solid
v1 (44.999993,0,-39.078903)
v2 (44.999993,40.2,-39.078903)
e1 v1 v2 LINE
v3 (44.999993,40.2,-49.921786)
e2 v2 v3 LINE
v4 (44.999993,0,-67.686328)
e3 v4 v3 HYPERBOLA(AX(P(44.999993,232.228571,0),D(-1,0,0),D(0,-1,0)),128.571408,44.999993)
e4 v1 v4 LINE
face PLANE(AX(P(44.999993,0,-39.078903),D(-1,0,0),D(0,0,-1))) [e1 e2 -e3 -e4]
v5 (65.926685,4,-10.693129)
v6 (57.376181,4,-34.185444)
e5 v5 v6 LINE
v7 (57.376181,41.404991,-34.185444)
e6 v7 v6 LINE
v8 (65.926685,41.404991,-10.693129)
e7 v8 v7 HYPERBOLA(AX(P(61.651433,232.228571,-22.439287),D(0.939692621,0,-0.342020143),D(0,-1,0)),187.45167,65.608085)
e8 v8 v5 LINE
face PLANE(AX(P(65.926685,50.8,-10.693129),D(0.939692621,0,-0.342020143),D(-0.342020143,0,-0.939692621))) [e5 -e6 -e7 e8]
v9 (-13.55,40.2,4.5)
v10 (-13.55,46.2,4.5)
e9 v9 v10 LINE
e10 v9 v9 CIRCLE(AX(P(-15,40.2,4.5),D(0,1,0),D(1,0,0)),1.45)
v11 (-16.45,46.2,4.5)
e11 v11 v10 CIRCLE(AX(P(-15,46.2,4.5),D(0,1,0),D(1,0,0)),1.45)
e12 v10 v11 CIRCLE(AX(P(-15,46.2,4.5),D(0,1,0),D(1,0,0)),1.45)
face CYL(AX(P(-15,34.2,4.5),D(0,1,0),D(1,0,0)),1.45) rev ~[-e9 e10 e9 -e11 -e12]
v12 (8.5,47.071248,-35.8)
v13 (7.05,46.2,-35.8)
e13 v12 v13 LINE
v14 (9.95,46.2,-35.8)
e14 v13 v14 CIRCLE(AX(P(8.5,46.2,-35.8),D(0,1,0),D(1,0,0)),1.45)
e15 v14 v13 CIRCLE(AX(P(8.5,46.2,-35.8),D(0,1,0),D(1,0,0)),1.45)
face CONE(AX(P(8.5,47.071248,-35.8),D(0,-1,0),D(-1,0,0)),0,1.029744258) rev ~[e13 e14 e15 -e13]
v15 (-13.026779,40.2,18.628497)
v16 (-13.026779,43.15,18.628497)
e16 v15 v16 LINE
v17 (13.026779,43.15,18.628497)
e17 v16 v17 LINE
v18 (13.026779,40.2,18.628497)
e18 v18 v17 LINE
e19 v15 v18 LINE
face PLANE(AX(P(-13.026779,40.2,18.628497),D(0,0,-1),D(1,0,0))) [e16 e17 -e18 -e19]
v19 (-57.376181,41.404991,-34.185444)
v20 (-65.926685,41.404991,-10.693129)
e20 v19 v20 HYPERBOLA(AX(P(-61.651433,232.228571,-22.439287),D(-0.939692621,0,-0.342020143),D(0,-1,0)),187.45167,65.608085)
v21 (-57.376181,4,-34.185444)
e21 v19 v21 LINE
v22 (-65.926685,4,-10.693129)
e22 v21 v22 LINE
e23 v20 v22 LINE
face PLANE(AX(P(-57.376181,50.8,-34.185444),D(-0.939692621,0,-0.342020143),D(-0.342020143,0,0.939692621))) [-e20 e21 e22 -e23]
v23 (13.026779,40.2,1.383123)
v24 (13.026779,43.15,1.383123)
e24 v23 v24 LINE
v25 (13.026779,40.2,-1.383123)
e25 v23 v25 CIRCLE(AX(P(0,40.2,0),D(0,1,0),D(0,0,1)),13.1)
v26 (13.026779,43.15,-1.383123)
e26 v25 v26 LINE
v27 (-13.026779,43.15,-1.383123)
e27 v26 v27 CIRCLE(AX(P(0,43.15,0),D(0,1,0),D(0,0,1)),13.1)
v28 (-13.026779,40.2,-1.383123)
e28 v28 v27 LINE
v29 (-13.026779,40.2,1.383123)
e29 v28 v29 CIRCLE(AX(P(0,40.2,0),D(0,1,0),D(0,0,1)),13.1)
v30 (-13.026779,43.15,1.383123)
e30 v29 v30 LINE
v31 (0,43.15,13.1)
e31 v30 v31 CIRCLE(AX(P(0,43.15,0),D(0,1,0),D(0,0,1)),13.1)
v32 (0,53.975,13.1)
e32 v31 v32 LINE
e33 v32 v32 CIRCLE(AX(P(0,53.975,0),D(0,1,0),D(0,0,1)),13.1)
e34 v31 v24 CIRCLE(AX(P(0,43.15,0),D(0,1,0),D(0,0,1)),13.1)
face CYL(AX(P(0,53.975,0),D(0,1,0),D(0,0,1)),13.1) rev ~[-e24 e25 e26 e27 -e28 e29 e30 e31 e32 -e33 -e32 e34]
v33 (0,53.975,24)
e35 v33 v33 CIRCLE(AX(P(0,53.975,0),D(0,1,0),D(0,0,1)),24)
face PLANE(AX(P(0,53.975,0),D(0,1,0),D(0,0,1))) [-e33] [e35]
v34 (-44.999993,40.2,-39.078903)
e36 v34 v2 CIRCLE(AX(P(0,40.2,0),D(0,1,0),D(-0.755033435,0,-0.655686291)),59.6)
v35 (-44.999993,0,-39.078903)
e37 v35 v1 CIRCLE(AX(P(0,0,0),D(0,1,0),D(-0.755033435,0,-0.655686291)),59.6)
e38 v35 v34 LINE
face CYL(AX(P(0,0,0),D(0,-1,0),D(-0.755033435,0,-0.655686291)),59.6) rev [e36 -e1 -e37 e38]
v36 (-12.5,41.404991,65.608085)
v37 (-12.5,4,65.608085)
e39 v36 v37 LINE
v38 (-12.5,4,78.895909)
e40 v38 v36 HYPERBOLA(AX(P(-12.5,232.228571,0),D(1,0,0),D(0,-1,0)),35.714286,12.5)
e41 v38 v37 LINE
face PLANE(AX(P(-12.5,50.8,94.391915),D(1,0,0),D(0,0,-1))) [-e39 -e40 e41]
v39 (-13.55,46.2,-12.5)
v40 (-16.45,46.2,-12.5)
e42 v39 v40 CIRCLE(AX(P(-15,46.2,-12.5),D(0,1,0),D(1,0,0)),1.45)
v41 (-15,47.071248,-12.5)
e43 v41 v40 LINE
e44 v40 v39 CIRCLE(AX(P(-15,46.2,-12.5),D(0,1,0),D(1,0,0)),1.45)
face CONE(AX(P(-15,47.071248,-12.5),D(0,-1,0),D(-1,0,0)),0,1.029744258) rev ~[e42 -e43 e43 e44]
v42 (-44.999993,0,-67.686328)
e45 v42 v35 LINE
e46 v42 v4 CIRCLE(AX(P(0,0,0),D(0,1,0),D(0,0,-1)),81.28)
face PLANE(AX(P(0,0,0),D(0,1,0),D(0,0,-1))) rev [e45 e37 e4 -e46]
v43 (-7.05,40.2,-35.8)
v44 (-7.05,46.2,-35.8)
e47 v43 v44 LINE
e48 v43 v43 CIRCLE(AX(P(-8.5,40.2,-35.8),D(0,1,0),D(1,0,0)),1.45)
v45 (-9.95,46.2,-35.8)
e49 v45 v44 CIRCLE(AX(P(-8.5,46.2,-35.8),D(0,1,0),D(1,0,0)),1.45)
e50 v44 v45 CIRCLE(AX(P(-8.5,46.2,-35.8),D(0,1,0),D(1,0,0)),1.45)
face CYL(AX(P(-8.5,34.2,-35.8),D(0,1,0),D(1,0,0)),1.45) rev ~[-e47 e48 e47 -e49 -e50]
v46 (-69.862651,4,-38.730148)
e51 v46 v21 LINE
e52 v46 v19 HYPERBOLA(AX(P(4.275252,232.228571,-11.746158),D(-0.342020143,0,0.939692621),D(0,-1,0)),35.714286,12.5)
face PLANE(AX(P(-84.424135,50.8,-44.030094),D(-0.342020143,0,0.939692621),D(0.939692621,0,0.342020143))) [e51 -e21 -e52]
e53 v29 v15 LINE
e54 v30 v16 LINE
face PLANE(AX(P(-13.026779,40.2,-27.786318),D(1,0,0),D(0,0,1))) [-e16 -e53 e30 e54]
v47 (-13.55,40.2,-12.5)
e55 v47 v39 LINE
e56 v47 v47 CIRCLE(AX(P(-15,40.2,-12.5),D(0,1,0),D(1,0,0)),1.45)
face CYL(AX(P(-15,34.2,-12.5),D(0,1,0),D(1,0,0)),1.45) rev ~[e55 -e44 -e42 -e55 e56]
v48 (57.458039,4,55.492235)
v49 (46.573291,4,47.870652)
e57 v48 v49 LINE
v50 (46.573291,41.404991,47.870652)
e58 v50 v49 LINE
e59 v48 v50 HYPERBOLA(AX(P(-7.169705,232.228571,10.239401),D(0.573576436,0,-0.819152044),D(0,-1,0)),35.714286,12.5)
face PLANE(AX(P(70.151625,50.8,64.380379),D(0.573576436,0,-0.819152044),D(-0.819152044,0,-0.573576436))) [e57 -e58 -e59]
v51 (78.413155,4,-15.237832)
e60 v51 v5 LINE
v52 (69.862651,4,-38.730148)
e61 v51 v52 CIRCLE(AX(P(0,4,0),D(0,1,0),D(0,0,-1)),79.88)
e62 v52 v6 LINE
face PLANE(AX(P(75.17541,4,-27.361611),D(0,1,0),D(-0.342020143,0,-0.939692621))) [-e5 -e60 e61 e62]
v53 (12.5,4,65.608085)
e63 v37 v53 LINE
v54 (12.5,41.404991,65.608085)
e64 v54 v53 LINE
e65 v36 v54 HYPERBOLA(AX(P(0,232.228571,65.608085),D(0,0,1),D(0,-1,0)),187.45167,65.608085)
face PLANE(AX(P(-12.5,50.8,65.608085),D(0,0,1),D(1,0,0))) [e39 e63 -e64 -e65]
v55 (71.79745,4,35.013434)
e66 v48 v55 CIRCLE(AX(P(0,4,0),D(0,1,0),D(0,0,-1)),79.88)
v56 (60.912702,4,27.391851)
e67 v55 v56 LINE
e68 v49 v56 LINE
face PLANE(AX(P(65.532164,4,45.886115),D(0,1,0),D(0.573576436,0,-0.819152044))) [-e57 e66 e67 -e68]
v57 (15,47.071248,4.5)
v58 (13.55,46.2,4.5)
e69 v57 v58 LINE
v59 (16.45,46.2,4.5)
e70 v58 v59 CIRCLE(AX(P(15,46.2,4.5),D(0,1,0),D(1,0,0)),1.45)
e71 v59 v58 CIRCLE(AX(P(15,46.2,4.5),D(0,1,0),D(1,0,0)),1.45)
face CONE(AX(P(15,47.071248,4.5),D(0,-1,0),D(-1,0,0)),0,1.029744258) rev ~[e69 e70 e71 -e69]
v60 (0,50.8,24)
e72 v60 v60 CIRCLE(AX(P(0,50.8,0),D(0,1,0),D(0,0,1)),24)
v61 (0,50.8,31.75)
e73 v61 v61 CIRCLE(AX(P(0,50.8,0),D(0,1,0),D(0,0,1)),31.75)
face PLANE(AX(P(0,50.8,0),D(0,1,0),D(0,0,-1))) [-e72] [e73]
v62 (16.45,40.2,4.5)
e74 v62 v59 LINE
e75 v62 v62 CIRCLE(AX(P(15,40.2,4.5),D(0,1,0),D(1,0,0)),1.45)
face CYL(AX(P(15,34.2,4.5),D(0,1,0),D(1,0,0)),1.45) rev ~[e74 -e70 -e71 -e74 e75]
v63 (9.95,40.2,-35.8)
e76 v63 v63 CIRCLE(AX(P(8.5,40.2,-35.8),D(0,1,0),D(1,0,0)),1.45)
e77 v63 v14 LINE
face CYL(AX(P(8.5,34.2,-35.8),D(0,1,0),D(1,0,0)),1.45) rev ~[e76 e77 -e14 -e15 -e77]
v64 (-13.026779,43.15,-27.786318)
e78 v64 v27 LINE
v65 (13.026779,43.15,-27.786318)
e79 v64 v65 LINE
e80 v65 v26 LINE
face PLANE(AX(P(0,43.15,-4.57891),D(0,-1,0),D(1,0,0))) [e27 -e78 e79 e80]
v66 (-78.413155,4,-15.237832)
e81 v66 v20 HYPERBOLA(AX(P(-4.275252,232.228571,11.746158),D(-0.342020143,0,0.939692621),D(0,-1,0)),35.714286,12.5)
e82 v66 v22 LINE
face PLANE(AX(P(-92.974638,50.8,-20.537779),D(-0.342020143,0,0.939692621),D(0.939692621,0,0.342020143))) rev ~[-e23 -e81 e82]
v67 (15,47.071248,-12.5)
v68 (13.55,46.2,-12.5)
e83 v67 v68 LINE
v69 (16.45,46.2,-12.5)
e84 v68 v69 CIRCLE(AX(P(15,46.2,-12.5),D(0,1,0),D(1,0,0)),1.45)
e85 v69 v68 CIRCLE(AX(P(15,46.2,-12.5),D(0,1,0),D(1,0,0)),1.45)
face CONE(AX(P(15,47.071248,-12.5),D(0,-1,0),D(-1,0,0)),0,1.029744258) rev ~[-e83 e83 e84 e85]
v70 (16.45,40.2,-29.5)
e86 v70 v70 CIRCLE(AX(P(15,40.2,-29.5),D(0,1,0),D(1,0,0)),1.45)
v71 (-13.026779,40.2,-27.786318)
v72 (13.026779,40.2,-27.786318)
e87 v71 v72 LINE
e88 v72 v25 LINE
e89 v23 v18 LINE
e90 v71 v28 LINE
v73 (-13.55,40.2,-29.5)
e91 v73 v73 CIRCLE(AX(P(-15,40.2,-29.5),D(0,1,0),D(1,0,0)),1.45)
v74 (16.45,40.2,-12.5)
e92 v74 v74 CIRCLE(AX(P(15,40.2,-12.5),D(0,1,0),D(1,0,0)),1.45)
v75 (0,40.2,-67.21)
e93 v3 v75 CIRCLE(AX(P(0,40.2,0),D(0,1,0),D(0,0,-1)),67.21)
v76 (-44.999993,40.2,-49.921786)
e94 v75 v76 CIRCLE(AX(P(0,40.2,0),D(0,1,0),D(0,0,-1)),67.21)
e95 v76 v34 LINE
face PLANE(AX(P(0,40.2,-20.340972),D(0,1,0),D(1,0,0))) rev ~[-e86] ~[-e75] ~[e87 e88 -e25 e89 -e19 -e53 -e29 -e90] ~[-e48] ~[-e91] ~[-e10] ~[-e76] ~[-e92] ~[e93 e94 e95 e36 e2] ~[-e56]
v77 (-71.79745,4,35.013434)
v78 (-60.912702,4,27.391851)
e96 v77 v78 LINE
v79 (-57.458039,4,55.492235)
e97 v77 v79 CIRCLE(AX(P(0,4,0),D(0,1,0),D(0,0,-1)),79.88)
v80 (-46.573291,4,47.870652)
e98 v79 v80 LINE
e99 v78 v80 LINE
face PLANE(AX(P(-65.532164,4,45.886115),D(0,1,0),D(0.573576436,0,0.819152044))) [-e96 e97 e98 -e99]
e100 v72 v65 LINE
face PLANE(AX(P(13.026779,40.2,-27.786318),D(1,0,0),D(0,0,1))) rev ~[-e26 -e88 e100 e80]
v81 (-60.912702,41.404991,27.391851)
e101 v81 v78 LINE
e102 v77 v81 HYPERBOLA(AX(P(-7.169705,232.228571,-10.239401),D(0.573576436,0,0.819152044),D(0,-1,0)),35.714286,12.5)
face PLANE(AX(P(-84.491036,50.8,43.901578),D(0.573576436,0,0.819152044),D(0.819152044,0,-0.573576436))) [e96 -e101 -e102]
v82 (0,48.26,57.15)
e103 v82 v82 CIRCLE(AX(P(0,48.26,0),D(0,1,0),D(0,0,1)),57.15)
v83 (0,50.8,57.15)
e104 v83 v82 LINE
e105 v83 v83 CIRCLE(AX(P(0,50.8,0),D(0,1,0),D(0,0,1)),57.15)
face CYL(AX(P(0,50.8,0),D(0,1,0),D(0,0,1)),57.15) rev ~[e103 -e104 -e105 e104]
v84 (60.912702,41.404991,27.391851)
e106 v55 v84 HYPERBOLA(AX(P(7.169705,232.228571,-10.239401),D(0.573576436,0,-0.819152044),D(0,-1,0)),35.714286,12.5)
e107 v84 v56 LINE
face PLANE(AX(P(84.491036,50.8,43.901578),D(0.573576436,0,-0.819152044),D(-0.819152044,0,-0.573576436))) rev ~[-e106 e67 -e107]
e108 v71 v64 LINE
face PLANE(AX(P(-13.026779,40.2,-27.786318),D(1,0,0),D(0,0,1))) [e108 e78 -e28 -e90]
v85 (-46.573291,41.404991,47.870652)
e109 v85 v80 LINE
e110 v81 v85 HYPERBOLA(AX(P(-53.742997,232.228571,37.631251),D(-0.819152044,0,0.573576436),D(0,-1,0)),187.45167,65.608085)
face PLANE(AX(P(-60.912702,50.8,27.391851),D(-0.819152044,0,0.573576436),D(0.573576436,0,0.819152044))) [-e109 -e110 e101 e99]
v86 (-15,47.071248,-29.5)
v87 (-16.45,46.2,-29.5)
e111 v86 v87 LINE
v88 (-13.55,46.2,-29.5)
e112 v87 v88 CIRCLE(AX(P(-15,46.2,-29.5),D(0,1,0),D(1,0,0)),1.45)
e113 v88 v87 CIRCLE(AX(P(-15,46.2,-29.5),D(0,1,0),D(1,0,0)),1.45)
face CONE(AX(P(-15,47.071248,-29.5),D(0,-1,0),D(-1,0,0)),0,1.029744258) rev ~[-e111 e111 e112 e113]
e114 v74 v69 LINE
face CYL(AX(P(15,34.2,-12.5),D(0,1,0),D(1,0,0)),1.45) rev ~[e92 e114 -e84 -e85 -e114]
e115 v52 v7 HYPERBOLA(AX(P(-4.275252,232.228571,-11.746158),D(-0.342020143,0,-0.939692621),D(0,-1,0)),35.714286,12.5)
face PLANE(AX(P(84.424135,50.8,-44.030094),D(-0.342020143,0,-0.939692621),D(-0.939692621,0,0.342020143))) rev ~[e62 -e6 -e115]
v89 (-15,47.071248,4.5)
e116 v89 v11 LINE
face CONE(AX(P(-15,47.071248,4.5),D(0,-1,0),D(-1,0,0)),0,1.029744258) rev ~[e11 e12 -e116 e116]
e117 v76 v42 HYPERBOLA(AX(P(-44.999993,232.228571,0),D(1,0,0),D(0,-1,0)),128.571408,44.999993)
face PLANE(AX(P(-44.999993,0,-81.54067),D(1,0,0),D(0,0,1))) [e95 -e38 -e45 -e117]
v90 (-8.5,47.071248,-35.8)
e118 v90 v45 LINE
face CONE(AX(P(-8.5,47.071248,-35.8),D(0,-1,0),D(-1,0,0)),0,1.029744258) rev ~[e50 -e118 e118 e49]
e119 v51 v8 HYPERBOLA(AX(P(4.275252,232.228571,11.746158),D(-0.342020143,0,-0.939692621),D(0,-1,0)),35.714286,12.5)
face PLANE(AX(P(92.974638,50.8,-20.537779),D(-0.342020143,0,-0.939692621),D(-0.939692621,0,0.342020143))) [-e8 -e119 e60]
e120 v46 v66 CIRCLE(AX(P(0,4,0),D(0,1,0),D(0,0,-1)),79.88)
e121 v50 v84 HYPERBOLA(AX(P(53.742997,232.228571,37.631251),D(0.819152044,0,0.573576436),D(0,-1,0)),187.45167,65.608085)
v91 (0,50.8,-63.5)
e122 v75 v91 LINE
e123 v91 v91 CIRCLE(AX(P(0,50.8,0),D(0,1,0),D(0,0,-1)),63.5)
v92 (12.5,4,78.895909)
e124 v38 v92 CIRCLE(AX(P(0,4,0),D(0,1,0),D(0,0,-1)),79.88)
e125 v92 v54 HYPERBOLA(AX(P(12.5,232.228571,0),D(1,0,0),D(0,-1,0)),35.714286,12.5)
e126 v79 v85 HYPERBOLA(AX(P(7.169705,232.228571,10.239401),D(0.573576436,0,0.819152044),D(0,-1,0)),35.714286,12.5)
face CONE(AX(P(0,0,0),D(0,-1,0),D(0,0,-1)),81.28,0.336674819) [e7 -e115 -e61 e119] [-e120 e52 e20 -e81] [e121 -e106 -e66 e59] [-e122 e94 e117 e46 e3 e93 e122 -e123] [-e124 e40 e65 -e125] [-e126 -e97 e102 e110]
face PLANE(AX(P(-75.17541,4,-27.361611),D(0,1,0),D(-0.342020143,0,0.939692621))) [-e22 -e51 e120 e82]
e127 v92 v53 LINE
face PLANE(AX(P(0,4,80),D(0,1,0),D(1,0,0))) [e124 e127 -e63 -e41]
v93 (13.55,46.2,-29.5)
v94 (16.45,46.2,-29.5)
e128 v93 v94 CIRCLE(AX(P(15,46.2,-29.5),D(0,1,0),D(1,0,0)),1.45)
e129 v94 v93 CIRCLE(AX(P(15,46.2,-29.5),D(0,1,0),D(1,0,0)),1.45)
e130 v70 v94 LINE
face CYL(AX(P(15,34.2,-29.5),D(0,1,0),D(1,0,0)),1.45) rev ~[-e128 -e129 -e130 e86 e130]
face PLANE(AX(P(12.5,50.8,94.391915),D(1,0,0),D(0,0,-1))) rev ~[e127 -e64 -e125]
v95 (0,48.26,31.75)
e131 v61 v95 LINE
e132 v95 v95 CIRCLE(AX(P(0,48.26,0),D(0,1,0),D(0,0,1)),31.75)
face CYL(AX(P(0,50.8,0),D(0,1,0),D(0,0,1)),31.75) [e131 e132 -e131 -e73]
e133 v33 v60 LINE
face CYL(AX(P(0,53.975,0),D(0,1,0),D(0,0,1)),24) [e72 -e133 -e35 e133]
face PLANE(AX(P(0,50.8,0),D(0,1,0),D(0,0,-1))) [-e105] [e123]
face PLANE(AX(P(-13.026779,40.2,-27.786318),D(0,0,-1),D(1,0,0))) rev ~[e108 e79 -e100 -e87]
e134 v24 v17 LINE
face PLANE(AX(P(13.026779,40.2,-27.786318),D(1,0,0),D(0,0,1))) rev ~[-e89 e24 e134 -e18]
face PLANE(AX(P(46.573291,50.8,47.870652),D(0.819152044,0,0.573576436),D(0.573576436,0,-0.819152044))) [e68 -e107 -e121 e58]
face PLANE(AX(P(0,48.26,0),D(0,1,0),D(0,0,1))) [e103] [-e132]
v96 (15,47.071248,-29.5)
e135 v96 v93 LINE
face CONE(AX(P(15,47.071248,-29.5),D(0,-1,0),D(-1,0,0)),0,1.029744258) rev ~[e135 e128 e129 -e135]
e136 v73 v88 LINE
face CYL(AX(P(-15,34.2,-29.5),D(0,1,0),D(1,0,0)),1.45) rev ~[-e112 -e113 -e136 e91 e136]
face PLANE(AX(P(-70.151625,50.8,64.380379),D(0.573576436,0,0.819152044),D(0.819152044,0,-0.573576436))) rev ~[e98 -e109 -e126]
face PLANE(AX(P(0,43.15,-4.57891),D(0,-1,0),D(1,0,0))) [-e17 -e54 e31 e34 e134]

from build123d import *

# Parameters (mm, degrees)
CUT_EXTRUDE1_DEPTH         = 40.2
SKETCH5_R                  = 13.1
CUT_EXTRUDE2_DEPTH         = 10.6
BOSS_EXTRUDE1_START        = 3.175
SKETCH5_3_R                = 24
SKETCH5_3_R_2              = 13.1
BOSS_EXTRUDE1_DEPTH        = 3.175
SKETCH6_W                  = 25
SKETCH6_H                  = 28.783830664
CUT_EXTRUDE3_DEPTH         = 46.8
CIRPATTERN1_COUNT          = 3
CIRPATTERN1_ANGLE          = 110
CIRPATTERN2_COUNT          = 3
CIRPATTERN2_ANGLE          = 110
SKETCH7_W                  = 26.05355805
SKETCH7_H                  = 46.414815382
CUT_EXTRUDE4_DEPTH         = 2.95
M2_5_CLEARANCE_HOLE1_D     = 2.9
M2_5_CLEARANCE_HOLE1_DEPTH = 6
M2_5_CLEARANCE_HOLE1_TIP   = 0.871247898
SKETCH11_R                 = 57.15
SKETCH11_R_2               = 31.75
CUT_EXTRUDE5_DEPTH         = 2.54


with BuildPart() as part:
    # Sketch3 → Revolve1 (revolve)
    with BuildSketch(Plane.XY, mode=Mode.PRIVATE) as revolve1_sk:
        Polygon((60.96, 0), (81.28, 0), (63.5, 50.8), (0, 50.8), (0, 0), align=None)
    revolve(revolve1_sk.sketch.rotate(Axis((0, 0, 0), (0, 1, 0)), 90), axis=Axis((0, 0, 0), (0, 1, 0)))

    # Sketch4 → Cut-Extrude1 (cut)
    with BuildSketch(Plane(origin=(0, 0, 0), x_dir=(-1, 0, 0), z_dir=(0, -1, 0))):
        with BuildLine():
            Line((-44.999992712, 39.078902952), (-44.999992712, 81.540670454))
            Line((-44.999992712, 81.540670454), (44.999992712, 81.540670454))
            Line((44.999992712, 81.540670454), (44.999992712, 39.078902952))
            ThreePointArc((44.999992712, 39.078902952), (0, -59.6), (-44.999992712, 39.078902952))
        make_face()
    extrude(amount=-CUT_EXTRUDE1_DEPTH, mode=Mode.SUBTRACT)

    # Sketch5 → Cut-Extrude2 (cut)
    with BuildSketch(Plane(origin=(0, 50.8, 0), x_dir=(1, 0, 0), z_dir=(0, 1, 0))):
        with Locations(Location((0, 0, 0), (0, 0, 270))):
            Circle(SKETCH5_R)
    extrude(amount=-CUT_EXTRUDE2_DEPTH, mode=Mode.SUBTRACT)

    # Sketch5<3> → Boss-Extrude1 (add)
    with BuildSketch(Plane(origin=(0, 50.8, 0), x_dir=(1, 0, 0), z_dir=(0, 1, 0)).offset(BOSS_EXTRUDE1_START)):
        with Locations(Location((0, 0, 0), (0, 0, 270))):
            Circle(SKETCH5_3_R)
        with Locations(Location((0, 0, 0), (0, 0, 270))):
            Circle(SKETCH5_3_R_2, mode=Mode.SUBTRACT)
    extrude(amount=-BOSS_EXTRUDE1_DEPTH)

    # Sketch6 → Cut-Extrude3 (cut)
    with BuildSketch(Plane(origin=(0, 50.8, 0), x_dir=(1, 0, 0), z_dir=(0, 1, 0))):
        with Locations((0, -80)):
            Rectangle(SKETCH6_W, SKETCH6_H)
    cut_extrude3 = extrude(amount=-CUT_EXTRUDE3_DEPTH, mode=Mode.SUBTRACT)

    # CirPattern1: Cut-Extrude3 ×3 about axis
    cirpattern1_axis = Axis((0, 0, 0), (0, -1, 0))
    for i in range(1, CIRPATTERN1_COUNT):
        add(cut_extrude3.rotate(cirpattern1_axis, i * CIRPATTERN1_ANGLE / (CIRPATTERN1_COUNT - 1)), mode=Mode.SUBTRACT)

    # CirPattern2: Cut-Extrude3 ×3 about axis
    cirpattern2_axis = Axis((0, 0, 0), (0, 1, 0))
    for i in range(1, CIRPATTERN2_COUNT):
        add(cut_extrude3.rotate(cirpattern2_axis, i * CIRPATTERN2_ANGLE / (CIRPATTERN2_COUNT - 1)), mode=Mode.SUBTRACT)

    # Sketch7 → Cut-Extrude4 (cut)
    with BuildSketch(Plane.XZ.offset(-40.2)):
        with Locations((0, -4.57891024)):
            Rectangle(SKETCH7_W, SKETCH7_H)
    extrude(amount=-CUT_EXTRUDE4_DEPTH, mode=Mode.SUBTRACT)

    # M2.5 Clearance Hole1
    with Locations(Plane(origin=(0, 40.2, 0), x_dir=(-1, 0, 0), z_dir=(0, -1, 0))):
        with Locations((-15, -4.5), (15, -4.5), (15, 12.5), (-15, 12.5), (15, 29.5), (-15, 29.5), (-8.5, 35.8), (8.5, 35.8)):
            Hole(M2_5_CLEARANCE_HOLE1_D / 2, depth=M2_5_CLEARANCE_HOLE1_DEPTH)
            with Locations((0, 0, -(M2_5_CLEARANCE_HOLE1_DEPTH + M2_5_CLEARANCE_HOLE1_TIP / 2))):  # 118° drill point
                Cone(0, M2_5_CLEARANCE_HOLE1_D / 2, M2_5_CLEARANCE_HOLE1_TIP, mode=Mode.SUBTRACT)

    # Sketch11 → Cut-Extrude5 (cut)
    with BuildSketch(Plane(origin=(0, 50.8, 0), x_dir=(1, 0, 0), z_dir=(0, 1, 0))):
        with Locations(Location((0, 0, 0), (0, 0, 270))):
            Circle(SKETCH11_R)
        with Locations(Location((0, 0, 0), (0, 0, 270))):
            Circle(SKETCH11_R_2, mode=Mode.SUBTRACT)
    extrude(amount=-CUT_EXTRUDE5_DEPTH, mode=Mode.SUBTRACT)


solid = part.part
